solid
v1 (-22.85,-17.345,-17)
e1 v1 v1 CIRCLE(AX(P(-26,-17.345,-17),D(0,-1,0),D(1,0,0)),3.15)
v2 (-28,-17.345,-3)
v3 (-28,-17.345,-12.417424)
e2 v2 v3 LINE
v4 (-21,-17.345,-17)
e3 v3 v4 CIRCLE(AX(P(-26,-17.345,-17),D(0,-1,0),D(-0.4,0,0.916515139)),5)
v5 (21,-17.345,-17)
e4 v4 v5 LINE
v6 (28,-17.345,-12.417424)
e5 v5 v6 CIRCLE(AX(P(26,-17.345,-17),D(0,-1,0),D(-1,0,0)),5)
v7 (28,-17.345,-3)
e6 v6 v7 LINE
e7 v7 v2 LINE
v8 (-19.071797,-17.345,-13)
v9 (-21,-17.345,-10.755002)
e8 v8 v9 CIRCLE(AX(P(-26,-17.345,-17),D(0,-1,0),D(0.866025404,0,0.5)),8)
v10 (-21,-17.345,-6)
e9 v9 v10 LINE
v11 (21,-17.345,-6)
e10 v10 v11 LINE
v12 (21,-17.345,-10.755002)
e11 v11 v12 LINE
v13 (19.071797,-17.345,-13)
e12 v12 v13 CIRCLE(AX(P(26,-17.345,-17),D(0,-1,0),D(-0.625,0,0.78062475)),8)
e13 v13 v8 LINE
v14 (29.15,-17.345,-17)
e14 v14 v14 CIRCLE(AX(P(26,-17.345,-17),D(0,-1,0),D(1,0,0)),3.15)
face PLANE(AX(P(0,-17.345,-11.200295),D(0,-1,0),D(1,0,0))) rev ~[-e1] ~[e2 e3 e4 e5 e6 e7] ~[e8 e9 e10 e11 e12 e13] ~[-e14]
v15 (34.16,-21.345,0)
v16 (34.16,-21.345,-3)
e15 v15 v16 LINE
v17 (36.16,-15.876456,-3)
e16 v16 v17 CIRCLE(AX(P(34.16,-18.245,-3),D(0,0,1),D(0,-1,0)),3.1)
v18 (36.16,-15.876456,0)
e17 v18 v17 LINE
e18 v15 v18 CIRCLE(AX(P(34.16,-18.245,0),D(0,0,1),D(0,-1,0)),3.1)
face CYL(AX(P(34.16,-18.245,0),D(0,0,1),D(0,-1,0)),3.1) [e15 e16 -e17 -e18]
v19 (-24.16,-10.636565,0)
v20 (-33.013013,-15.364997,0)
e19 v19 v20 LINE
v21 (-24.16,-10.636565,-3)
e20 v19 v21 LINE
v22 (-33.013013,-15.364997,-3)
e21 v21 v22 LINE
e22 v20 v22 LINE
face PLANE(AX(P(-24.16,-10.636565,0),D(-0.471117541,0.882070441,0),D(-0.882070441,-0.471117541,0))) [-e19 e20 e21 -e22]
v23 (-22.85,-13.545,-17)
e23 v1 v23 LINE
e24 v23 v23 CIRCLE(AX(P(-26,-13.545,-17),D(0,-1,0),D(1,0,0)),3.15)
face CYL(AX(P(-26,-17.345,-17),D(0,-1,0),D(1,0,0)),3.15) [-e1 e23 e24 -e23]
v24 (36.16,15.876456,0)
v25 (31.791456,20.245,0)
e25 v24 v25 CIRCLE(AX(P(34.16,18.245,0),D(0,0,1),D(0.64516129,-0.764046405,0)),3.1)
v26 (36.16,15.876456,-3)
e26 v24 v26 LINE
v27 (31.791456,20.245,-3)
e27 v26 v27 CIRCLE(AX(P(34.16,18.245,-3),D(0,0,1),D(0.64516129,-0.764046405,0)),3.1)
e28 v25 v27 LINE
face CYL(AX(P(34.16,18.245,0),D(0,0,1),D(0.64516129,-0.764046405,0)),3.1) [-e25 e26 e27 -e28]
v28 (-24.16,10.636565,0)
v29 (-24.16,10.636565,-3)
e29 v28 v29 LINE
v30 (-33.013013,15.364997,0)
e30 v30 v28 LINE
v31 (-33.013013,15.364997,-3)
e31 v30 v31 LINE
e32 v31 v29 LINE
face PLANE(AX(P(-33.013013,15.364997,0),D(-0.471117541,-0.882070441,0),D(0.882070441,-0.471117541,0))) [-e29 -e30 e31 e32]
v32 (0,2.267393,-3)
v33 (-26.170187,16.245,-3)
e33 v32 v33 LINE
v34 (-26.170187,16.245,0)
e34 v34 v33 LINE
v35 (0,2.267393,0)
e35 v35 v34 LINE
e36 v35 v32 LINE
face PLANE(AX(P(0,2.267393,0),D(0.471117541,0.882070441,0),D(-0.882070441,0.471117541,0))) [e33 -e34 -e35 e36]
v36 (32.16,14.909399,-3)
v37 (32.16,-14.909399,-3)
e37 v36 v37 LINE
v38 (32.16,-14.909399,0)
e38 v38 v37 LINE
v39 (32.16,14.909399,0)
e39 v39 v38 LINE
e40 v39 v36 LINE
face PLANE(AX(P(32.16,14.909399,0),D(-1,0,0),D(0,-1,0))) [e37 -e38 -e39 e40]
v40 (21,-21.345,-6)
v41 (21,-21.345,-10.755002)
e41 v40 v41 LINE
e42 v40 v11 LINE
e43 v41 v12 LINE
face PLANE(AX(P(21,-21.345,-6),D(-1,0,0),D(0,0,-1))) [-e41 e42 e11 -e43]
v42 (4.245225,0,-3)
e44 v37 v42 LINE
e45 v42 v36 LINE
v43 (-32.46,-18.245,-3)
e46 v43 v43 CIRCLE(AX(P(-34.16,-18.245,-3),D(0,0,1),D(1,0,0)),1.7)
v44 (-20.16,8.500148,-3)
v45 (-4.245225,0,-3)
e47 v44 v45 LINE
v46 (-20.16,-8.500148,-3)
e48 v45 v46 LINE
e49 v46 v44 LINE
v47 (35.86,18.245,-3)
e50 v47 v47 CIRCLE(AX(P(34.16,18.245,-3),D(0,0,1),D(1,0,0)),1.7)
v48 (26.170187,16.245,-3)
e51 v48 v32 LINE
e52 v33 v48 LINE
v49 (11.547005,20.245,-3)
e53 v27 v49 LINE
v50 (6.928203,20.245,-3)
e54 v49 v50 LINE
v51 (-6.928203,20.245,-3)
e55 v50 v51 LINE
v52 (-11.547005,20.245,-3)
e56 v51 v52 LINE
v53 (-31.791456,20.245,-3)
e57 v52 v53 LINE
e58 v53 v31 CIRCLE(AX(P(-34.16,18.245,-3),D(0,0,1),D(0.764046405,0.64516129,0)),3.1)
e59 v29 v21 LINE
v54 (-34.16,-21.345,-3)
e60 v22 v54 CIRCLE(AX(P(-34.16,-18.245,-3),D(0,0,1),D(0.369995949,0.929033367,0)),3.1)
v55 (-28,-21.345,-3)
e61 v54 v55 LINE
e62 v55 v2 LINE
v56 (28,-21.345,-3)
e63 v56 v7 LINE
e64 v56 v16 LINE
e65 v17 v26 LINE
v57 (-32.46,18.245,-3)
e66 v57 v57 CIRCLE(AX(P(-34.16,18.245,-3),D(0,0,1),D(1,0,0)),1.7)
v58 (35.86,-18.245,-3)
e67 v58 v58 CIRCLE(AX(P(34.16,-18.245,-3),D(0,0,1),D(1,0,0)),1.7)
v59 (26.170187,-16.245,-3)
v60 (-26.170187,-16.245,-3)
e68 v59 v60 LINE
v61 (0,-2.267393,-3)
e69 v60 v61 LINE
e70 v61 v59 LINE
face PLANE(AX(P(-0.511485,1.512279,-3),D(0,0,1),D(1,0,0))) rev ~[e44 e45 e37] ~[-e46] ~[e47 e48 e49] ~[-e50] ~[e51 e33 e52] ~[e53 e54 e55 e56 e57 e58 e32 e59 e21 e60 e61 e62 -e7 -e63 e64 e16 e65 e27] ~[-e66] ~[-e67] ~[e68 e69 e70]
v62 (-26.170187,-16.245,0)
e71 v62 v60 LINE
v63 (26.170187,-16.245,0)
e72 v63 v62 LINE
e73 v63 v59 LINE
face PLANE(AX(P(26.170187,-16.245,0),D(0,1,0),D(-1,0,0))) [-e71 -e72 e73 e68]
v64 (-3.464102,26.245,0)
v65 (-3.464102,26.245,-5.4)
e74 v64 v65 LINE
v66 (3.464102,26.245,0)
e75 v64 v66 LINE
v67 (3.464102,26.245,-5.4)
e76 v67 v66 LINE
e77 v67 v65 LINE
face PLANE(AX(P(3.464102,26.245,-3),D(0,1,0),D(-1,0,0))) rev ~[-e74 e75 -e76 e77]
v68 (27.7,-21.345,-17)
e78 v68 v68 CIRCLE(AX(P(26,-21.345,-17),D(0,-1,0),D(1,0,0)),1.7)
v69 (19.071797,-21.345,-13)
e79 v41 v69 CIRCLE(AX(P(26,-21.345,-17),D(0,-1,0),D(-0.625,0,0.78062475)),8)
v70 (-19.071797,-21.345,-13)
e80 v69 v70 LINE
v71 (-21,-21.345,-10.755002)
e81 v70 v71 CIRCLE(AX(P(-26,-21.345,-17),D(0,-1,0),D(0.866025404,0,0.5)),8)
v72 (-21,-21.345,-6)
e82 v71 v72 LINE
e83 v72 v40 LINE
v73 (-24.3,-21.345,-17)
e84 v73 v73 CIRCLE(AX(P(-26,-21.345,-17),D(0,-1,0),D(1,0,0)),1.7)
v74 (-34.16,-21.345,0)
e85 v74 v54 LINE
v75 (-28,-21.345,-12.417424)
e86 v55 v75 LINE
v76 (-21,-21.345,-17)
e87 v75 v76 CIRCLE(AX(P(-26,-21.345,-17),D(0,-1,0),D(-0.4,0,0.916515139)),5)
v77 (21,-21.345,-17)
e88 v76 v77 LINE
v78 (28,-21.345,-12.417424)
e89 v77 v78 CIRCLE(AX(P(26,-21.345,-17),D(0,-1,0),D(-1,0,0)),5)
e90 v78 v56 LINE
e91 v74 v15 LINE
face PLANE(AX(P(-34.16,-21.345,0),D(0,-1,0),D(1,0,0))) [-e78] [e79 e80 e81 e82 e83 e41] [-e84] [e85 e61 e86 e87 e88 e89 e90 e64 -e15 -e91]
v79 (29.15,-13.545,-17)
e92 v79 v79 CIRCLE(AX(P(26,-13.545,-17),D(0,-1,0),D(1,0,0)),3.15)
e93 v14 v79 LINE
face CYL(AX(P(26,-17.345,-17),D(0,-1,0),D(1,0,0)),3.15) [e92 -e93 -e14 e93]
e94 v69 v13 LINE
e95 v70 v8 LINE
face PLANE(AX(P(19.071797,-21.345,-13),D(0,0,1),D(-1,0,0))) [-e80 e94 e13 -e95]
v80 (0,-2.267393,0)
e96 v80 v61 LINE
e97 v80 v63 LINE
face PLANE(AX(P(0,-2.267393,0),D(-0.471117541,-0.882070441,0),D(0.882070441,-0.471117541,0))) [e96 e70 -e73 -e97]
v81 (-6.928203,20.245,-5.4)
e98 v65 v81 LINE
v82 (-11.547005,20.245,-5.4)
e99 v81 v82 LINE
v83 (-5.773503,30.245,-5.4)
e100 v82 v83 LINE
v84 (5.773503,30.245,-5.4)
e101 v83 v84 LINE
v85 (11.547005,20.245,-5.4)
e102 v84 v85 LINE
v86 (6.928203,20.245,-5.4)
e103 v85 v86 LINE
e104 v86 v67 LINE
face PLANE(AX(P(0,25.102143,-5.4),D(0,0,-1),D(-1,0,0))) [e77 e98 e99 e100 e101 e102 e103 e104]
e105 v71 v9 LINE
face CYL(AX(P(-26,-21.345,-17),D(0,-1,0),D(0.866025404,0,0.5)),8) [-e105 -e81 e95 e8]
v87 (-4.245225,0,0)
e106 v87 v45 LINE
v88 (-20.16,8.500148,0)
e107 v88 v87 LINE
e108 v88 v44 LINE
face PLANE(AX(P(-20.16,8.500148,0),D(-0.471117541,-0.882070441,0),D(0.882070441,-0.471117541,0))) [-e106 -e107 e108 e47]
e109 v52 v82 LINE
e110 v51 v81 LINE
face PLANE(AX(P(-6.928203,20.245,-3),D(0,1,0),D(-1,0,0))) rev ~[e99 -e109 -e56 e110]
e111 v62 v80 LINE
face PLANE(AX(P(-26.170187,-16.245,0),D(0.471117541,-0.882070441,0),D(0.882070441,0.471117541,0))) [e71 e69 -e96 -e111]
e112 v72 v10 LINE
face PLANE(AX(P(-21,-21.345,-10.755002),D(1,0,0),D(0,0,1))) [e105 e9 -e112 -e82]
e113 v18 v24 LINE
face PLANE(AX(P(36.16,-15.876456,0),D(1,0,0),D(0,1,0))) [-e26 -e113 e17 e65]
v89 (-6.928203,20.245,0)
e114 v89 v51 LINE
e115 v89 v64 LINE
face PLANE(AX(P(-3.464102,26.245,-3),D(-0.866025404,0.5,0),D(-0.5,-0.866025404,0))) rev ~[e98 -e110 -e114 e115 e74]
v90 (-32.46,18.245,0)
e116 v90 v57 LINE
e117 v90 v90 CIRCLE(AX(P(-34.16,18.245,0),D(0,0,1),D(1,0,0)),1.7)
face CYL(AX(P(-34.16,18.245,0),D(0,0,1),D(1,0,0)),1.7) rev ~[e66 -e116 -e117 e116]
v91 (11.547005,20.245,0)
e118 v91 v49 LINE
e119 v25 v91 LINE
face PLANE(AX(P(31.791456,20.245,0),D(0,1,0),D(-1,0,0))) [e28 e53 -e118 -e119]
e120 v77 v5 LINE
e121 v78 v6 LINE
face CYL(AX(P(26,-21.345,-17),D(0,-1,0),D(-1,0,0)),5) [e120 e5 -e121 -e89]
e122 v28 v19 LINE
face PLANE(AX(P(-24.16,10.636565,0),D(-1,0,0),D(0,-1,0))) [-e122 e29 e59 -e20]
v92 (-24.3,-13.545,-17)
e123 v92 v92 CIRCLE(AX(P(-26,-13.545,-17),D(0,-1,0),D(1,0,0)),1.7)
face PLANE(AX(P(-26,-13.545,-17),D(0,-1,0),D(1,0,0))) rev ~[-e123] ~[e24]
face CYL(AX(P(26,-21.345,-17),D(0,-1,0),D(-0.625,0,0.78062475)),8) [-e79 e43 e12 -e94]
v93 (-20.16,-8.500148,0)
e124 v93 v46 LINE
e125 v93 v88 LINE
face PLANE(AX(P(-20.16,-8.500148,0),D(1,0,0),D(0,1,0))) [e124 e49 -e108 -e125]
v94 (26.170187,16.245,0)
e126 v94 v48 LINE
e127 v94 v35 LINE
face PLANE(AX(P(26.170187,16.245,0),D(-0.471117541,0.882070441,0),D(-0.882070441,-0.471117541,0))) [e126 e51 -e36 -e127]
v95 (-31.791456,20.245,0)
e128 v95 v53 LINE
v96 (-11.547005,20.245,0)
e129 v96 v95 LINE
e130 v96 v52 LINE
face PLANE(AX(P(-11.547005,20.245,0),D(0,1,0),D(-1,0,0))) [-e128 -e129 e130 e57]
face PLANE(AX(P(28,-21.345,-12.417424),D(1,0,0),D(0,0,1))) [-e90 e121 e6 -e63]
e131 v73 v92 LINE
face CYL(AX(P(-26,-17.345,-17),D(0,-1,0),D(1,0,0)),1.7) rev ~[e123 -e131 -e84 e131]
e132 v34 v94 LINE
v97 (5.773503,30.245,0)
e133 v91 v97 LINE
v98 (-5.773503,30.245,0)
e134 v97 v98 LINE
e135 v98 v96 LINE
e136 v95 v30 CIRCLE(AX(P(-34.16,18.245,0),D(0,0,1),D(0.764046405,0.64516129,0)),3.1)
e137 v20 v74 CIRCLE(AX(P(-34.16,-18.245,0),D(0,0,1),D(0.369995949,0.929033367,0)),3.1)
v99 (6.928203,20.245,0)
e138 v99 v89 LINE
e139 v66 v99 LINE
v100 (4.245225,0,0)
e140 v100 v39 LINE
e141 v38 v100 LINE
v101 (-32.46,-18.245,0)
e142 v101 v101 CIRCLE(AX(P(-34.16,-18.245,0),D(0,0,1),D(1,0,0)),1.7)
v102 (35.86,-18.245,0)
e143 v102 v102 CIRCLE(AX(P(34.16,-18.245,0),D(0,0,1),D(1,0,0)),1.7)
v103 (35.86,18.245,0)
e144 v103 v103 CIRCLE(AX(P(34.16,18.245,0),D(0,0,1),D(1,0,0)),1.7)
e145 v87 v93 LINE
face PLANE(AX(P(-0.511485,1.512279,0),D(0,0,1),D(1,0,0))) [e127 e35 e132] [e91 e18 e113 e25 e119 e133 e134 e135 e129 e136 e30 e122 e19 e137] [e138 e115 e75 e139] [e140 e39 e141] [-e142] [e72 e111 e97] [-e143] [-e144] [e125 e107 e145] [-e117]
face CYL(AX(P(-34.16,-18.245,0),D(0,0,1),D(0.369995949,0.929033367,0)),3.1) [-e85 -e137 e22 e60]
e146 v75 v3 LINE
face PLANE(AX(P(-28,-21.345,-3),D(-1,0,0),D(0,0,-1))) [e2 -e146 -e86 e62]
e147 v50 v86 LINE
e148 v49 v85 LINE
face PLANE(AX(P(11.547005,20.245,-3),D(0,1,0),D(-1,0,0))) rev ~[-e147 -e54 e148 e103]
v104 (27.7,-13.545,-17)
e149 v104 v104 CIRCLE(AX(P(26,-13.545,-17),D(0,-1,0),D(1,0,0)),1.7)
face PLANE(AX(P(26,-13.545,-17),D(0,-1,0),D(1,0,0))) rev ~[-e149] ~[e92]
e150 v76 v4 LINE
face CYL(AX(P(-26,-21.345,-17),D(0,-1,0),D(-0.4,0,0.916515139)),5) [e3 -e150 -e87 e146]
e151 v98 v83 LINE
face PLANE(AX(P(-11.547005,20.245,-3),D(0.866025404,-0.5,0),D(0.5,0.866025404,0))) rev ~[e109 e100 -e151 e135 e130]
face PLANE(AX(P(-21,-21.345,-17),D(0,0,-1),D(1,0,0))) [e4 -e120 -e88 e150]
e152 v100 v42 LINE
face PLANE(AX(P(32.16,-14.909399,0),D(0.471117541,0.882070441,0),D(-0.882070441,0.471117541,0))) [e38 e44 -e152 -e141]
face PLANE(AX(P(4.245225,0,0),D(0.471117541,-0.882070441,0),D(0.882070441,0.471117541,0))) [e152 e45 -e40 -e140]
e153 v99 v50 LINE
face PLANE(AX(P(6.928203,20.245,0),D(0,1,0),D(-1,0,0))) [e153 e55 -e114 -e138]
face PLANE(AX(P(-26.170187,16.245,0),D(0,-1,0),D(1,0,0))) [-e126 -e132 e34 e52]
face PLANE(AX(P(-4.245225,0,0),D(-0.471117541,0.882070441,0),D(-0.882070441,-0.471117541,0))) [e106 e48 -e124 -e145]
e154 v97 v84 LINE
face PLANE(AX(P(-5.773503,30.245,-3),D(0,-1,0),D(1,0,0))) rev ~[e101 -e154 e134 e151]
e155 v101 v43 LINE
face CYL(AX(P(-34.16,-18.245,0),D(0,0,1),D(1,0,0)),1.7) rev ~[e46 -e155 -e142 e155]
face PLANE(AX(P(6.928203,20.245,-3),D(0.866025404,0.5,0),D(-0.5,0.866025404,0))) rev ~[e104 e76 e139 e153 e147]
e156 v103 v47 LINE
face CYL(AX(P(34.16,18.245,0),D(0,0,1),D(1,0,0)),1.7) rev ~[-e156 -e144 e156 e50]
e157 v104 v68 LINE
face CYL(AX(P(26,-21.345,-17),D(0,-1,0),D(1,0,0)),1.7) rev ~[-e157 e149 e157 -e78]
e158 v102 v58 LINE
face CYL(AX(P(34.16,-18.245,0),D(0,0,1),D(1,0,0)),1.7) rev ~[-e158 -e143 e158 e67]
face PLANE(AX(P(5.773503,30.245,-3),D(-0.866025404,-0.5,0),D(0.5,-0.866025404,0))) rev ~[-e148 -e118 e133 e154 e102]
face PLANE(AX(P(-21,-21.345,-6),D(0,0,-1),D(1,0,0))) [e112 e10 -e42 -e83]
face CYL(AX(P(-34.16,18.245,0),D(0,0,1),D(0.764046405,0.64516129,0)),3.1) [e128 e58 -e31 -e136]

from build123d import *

# Parameters (mm, degrees)
SKETCH1_R           = 1.7
BOSS_EXTRUDE1_DEPTH = 3
SKETCH2_R           = 1.7
BOSS_EXTRUDE2_DEPTH = 4
BOSS_EXTRUDE3_START = -4
SKETCH2_3_R         = 3.15
SKETCH2_3_R_2       = 1.7
BOSS_EXTRUDE3_DEPTH = 3.8
BOSS_EXTRUDE4_DEPTH = 2.4


with BuildPart() as part:
    # Sketch1 → Boss-Extrude1 (new body)
    with BuildSketch(Plane.XY):
        with BuildLine():
            Line((-33.013012558, 15.364996561), (-24.16, 10.636565235))
            Line((-24.16, 10.636565235), (-24.16, -10.636565235))
            Line((-24.16, -10.636565235), (-33.013012558, -15.364996561))
            ThreePointArc((-33.013012558, -15.364996561), (-37.204504119, -17.661052511), (-34.16, -21.345))
            Line((-34.16, -21.345), (34.16, -21.345))
            ThreePointArc((34.16, -21.345), (37.071398801, -19.30978027), (36.16, -15.876456144))
            Line((36.16, -15.876456144), (36.16, 15.876456144))
            ThreePointArc((36.16, 15.876456144), (36.352031022, 20.437031022), (31.791456144, 20.245))
            Line((31.791456144, 20.245), (11.547005384, 20.245))
            Line((11.547005384, 20.245), (5.773502692, 30.245))
            Line((5.773502692, 30.245), (-5.773502692, 30.245))
            Line((-5.773502692, 30.245), (-11.547005384, 20.245))
            Line((-11.547005384, 20.245), (-31.791456144, 20.245))
            ThreePointArc((-31.791456144, 20.245), (-37.167216066, 18.9977626), (-33.013012558, 15.364996561))
        make_face()
        Polygon((32.16, -14.909398958), (4.24522508, 0), (32.16, 14.909398958), align=None, mode=Mode.SUBTRACT)
        Polygon((6.92820323, 20.245), (-6.92820323, 20.245), (-3.464101615, 26.245), (3.464101615, 26.245), align=None, mode=Mode.SUBTRACT)
        Polygon((-4.24522508, 0), (-20.16, -8.500148373), (-20.16, 8.500148373), align=None, mode=Mode.SUBTRACT)
        Polygon((26.170187362, -16.245), (-26.170187362, -16.245), (0, -2.267392611), align=None, mode=Mode.SUBTRACT)
        Polygon((0, 2.267392611), (-26.170187362, 16.245), (26.170187362, 16.245), align=None, mode=Mode.SUBTRACT)
        with Locations((-34.16, 18.245)):
            Circle(SKETCH1_R, mode=Mode.SUBTRACT)
        with Locations((-34.16, -18.245)):
            Circle(SKETCH1_R, mode=Mode.SUBTRACT)
        with Locations((34.16, -18.245)):
            Circle(SKETCH1_R, mode=Mode.SUBTRACT)
        with Locations((34.16, 18.245)):
            Circle(SKETCH1_R, mode=Mode.SUBTRACT)
    extrude(amount=-BOSS_EXTRUDE1_DEPTH)

    # Sketch2 → Boss-Extrude2 (add)
    with BuildSketch(Plane.XZ.offset(21.345)):
        with BuildLine():
            Line((-28, -3), (-28, -12.417424305))
            ThreePointArc((-28, -12.417424305), (-28.738612788, -21.183300133), (-21, -17))
            Line((-21, -17), (21, -17))
            ThreePointArc((21, -17), (28.738612788, -21.183300133), (28, -12.417424305))
            Line((28, -12.417424305), (28, -3))
            Line((28, -3), (-28, -3))
        make_face()
        with BuildLine():
            Line((19.07179677, -13), (-19.07179677, -13))
            ThreePointArc((-19.07179677, -13), (-19.931185282, -11.787564109), (-21, -10.755002002))
            Line((-21, -10.755002002), (-21, -6))
            Line((-21, -6), (21, -6))
            Line((21, -6), (21, -10.755002002))
            ThreePointArc((21, -10.755002002), (19.931185282, -11.787564109), (19.07179677, -13))
        make_face(mode=Mode.SUBTRACT)
        with Locations((-26, -17)):
            Circle(SKETCH2_R, mode=Mode.SUBTRACT)
        with Locations((26, -17)):
            Circle(SKETCH2_R, mode=Mode.SUBTRACT)
    extrude(amount=-BOSS_EXTRUDE2_DEPTH)

    # Sketch2<3> → Boss-Extrude3 (add)
    with BuildSketch(Plane.XZ.offset(21.345).offset(BOSS_EXTRUDE3_START)):
        with Locations((-26, -17)):
            Circle(SKETCH2_3_R)
        with Locations((-26, -17)):
            Circle(SKETCH2_3_R_2, mode=Mode.SUBTRACT)
        with Locations((26, -17)):
            Circle(SKETCH2_3_R)
        with Locations((26, -17)):
            Circle(SKETCH2_3_R_2, mode=Mode.SUBTRACT)
    extrude(amount=-BOSS_EXTRUDE3_DEPTH)

    # Sketch3 → Boss-Extrude4 (add)
    with BuildSketch(Plane(origin=(0, 0, -3), x_dir=(-1, 0, 0), z_dir=(0, 0, -1))):
        Polygon((-3.464101615, 26.245), (3.464101615, 26.245), (6.92820323, 20.245), (11.547005384, 20.245), (5.773502692, 30.245), (-5.773502692, 30.245), (-11.547005384, 20.245), (-6.92820323, 20.245), align=None)
    extrude(amount=BOSS_EXTRUDE4_DEPTH)


solid = part.part
